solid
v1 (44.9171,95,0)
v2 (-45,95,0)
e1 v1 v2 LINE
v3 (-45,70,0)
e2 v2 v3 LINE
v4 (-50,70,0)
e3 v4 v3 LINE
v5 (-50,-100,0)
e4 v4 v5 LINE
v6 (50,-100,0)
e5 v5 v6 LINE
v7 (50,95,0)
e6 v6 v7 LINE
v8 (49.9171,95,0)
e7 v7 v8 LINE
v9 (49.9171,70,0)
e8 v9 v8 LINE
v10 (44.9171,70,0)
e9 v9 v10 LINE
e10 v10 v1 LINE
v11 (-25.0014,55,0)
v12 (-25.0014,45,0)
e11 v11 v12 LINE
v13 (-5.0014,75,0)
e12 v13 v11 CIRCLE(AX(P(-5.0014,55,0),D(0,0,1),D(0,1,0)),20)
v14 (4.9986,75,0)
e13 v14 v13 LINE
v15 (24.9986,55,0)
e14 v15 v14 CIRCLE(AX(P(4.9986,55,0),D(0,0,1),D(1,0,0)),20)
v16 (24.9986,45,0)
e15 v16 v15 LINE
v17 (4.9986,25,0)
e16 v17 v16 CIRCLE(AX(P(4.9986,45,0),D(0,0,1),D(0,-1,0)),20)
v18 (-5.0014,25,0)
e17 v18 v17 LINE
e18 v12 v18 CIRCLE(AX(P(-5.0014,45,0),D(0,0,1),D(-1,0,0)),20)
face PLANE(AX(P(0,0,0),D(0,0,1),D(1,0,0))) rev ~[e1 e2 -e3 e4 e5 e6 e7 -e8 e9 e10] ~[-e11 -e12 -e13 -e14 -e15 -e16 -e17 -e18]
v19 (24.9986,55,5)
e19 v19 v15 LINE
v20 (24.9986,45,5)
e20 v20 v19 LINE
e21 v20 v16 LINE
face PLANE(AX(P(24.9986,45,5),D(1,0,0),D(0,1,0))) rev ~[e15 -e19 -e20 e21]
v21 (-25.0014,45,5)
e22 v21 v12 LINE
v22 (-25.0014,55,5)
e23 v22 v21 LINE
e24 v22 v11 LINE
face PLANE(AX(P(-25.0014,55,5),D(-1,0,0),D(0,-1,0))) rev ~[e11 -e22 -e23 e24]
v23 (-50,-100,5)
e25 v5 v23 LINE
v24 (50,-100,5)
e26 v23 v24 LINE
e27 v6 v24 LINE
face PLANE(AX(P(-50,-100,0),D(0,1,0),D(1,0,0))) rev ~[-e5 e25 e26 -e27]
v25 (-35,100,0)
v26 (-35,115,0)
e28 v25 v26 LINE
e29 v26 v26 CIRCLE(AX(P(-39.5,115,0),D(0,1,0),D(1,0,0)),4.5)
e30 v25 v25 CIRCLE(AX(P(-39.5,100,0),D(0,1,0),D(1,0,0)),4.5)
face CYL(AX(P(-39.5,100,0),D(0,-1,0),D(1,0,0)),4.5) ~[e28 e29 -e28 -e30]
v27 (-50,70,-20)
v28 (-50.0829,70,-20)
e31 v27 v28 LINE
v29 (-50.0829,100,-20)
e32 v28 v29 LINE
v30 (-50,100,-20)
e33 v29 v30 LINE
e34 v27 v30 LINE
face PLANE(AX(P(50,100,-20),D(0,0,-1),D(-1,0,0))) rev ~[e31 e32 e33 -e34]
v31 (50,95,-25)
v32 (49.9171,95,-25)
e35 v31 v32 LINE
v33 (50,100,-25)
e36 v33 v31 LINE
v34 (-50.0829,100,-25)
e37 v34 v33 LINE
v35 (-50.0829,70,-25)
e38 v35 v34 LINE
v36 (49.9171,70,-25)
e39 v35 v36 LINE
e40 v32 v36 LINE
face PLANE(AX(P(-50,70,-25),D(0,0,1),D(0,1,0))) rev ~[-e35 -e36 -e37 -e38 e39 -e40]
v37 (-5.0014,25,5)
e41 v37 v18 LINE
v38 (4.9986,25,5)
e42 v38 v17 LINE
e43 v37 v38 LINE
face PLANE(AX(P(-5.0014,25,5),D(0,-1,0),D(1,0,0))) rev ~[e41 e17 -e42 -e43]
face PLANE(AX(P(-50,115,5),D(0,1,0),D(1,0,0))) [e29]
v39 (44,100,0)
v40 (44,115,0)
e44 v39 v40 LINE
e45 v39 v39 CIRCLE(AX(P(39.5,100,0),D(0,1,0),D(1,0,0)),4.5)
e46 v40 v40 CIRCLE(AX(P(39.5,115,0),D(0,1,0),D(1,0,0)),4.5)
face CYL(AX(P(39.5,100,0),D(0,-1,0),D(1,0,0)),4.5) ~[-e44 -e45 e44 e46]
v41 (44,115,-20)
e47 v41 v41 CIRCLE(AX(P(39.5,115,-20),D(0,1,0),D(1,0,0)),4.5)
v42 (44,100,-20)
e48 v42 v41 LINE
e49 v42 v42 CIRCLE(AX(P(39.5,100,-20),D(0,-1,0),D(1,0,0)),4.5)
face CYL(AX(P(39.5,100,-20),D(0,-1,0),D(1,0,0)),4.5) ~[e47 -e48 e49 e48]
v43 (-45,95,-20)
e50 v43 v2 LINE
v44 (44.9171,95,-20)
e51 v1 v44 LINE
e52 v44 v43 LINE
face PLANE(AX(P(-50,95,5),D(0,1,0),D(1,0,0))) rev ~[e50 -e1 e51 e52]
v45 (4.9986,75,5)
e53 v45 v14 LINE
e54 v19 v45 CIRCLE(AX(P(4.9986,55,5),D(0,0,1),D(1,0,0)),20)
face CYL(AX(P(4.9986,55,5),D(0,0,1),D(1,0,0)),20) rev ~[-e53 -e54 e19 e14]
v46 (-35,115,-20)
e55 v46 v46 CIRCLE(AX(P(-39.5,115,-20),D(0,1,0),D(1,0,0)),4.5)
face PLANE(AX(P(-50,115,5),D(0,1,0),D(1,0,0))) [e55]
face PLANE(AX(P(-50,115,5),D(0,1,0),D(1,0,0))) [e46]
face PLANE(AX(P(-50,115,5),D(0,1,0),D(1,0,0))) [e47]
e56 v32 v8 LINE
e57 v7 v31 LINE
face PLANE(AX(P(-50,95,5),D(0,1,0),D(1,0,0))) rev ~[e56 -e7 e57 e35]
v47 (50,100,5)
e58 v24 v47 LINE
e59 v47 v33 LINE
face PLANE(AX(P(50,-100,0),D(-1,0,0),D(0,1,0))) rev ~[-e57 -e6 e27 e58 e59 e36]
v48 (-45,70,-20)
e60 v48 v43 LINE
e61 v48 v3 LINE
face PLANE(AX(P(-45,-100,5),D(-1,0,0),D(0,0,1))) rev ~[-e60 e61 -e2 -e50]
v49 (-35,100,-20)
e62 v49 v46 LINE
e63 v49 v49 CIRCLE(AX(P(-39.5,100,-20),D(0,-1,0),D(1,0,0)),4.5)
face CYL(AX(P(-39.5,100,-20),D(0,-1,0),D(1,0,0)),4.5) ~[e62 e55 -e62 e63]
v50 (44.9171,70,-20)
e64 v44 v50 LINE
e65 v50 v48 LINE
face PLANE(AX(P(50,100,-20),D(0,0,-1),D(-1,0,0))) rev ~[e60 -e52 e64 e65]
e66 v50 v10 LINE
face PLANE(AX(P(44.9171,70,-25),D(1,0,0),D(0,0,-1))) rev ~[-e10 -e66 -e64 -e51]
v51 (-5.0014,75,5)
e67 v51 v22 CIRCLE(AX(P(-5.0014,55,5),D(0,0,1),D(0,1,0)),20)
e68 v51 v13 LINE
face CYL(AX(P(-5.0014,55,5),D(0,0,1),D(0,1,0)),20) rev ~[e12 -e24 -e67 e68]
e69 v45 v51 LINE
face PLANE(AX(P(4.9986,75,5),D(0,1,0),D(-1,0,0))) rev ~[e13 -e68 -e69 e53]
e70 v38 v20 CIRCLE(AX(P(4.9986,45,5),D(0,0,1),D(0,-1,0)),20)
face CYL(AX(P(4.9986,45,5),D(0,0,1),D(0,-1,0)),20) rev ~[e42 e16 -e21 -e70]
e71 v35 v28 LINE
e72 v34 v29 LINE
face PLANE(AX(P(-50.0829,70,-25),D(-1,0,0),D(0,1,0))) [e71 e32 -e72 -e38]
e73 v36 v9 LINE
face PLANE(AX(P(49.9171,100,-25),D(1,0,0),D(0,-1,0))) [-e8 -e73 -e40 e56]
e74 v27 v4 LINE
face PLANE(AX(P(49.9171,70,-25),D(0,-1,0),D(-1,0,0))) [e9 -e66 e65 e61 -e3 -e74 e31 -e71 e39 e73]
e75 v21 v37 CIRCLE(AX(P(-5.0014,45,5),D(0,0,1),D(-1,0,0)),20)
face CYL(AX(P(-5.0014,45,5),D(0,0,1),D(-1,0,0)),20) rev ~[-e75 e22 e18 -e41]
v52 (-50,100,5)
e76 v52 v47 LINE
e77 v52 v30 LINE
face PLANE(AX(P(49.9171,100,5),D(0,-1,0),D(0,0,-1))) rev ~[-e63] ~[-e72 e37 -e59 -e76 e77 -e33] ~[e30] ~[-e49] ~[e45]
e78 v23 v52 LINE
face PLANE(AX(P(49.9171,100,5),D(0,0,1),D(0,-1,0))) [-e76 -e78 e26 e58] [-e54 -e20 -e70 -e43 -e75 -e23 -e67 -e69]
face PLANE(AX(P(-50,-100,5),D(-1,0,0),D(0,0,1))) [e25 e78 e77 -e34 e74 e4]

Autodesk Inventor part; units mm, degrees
ref_plane "YZ Plane" through (0, 0, 0) normal (1, 0, 0) x (0, 1, 0)
ref_plane "XZ Plane" through (0, 0, 0) normal (0, 1, 0) x (-1, 0, 0)
ref_plane "XY Plane" through (0, 0, 0) normal (0, 0, 1) x (1, 0, 0)
sketch "Sketch1" plane through (0, 0, 0) normal (0, 0, 1) x (1, 0, 0)
  line L0 (-50, -100) -> (50, -100)
  line L1 (50, -100) -> (50, 100)
  line L2 (50, 100) -> (-50, 100)
  line L3 (-50, 100) -> (-50, -100)
  line L4 (-50, -100) -> (50, 100) construction
  line L5 (50, -100) -> (-50, 100) construction
  point P0 (0, 0)
  dimension "d0" = 100
  dimension "d1" = 200
extrude "Extrusion1" add sketch "Sketch1" along normal blind 5
sketch "Sketch6" plane through (0, 0, 5) normal (0, 0, 1) x (1, 0, 0)
  line L0 (4.9986, 75) -> (-5.0014, 75)
  line L1 (-25.0014, 55) -> (-25.0014, 45)
  line L2 (-5.0014, 25) -> (4.9986, 25)
  line L3 (24.9986, 45) -> (24.9986, 55)
  line L4 (24.9986, 75) -> (-25.0014, 25) construction
  line L5 (-25.0014, 75) -> (24.9986, 25) construction
  arc A0 (4.9986, 25) -> (24.9986, 45) centre (4.9986, 45) ccw
  arc A1 (24.9986, 55) -> (4.9986, 75) centre (4.9986, 55) ccw
  arc A2 (-5.0014, 75) -> (-25.0014, 55) centre (-5.0014, 55) ccw
  arc A3 (-25.0014, 45) -> (-5.0014, 25) centre (-5.0014, 45) ccw
  point P0 (0, 0)
  point P1 (-0.0014, 50)
  dimension "d21" = 50
  dimension "d22" = 50
  dimension "d23" = 20
extrude "Extrusion6" cut sketch "Sketch6" against normal blind 5
sketch "Sketch15" plane through (-50, 100, 5) normal (0, 1, 0) x (1, 0, 0)
  line L0 (100, 0) -> (0, 0) projected
  line L1 (0, 0) -> (100, 0)
  line L2 (100, 0) -> (100, 30)
  line L3 (100, 30) -> (0, 30)
  line L4 (0, 30) -> (0, 0)
  point P0 (50, 5)
  dimension "d46" = 100
  dimension "d47" = 30
sketch "Sketch16" plane through (-50, 100, 5) normal (0, 1, 0) x (1, 0, 0)
  circle A0 centre (10.5, 5) radius 4.5
  circle A1 centre (89.5, 5) radius 4.5
  circle A2 centre (10.5, 25) radius 4.5
  circle A3 centre (89.5, 25) radius 4.5
  point P0 (50, 5)
  dimension "d48" = 9
  dimension "d49" = 9
  dimension "d50" = 9
  dimension "d51" = 9
extrude "Extrusion11" add sketch "Sketch15" against normal blind 5
extrude "Extrusion12" add sketch "Sketch16" along normal blind 15
sketch "Sketch17" plane through (50, 100, -25) normal (0, 0, -1) x (-1, 0, 0)
  line L0 (100.0829, 0) -> (0.0829, 0)
  line L1 (0.0829, 0) -> (0.0829, -30)
  line L2 (0.0829, -30) -> (100.0829, -30)
  line L3 (100.0829, -30) -> (100.0829, 0)
  point P0 (50, -100)
  dimension "d56" = 100
  dimension "d57" = 30
extrude "Extrusion13" add sketch "Sketch17" against normal blind 5
sketch "Sketch18" plane through (49.9171, 70, -25) normal (1, 0, 0) x (0, 0, -1)
  line L0 (0, 0) -> (-5, 0) projected
  line L1 (-30, 30) -> (-30, -170) projected
  line L2 (0, 0) -> (-30, 0)
  line L3 (-30, 0) -> (-30, 30)
  line L4 (-30, 30) -> (0, 30)
  line L5 (0, 30) -> (0, 0)
  point P0 (-25, -70)
extrude "Extrusion14" add sketch "Sketch18" against normal blind 5
sketch "Sketch20" plane through (-50, -100, 5) normal (-1, 0, 0) x (0, 0, 1)
  line L0 (-30, 200) -> (0, 200) projected
  line L1 (-30, 170) -> (-30, 200) projected
  line L2 (0, 200) -> (-30, 200)
  line L3 (-30, 200) -> (-30, 170)
  line L4 (-30, 170) -> (0, 170)
  line L5 (0, 170) -> (0, 200)
  point P0 (-5, 100)
extrude "Extrusion16" add sketch "Sketch20" against normal blind 5
properties part number "fixation_v02"
